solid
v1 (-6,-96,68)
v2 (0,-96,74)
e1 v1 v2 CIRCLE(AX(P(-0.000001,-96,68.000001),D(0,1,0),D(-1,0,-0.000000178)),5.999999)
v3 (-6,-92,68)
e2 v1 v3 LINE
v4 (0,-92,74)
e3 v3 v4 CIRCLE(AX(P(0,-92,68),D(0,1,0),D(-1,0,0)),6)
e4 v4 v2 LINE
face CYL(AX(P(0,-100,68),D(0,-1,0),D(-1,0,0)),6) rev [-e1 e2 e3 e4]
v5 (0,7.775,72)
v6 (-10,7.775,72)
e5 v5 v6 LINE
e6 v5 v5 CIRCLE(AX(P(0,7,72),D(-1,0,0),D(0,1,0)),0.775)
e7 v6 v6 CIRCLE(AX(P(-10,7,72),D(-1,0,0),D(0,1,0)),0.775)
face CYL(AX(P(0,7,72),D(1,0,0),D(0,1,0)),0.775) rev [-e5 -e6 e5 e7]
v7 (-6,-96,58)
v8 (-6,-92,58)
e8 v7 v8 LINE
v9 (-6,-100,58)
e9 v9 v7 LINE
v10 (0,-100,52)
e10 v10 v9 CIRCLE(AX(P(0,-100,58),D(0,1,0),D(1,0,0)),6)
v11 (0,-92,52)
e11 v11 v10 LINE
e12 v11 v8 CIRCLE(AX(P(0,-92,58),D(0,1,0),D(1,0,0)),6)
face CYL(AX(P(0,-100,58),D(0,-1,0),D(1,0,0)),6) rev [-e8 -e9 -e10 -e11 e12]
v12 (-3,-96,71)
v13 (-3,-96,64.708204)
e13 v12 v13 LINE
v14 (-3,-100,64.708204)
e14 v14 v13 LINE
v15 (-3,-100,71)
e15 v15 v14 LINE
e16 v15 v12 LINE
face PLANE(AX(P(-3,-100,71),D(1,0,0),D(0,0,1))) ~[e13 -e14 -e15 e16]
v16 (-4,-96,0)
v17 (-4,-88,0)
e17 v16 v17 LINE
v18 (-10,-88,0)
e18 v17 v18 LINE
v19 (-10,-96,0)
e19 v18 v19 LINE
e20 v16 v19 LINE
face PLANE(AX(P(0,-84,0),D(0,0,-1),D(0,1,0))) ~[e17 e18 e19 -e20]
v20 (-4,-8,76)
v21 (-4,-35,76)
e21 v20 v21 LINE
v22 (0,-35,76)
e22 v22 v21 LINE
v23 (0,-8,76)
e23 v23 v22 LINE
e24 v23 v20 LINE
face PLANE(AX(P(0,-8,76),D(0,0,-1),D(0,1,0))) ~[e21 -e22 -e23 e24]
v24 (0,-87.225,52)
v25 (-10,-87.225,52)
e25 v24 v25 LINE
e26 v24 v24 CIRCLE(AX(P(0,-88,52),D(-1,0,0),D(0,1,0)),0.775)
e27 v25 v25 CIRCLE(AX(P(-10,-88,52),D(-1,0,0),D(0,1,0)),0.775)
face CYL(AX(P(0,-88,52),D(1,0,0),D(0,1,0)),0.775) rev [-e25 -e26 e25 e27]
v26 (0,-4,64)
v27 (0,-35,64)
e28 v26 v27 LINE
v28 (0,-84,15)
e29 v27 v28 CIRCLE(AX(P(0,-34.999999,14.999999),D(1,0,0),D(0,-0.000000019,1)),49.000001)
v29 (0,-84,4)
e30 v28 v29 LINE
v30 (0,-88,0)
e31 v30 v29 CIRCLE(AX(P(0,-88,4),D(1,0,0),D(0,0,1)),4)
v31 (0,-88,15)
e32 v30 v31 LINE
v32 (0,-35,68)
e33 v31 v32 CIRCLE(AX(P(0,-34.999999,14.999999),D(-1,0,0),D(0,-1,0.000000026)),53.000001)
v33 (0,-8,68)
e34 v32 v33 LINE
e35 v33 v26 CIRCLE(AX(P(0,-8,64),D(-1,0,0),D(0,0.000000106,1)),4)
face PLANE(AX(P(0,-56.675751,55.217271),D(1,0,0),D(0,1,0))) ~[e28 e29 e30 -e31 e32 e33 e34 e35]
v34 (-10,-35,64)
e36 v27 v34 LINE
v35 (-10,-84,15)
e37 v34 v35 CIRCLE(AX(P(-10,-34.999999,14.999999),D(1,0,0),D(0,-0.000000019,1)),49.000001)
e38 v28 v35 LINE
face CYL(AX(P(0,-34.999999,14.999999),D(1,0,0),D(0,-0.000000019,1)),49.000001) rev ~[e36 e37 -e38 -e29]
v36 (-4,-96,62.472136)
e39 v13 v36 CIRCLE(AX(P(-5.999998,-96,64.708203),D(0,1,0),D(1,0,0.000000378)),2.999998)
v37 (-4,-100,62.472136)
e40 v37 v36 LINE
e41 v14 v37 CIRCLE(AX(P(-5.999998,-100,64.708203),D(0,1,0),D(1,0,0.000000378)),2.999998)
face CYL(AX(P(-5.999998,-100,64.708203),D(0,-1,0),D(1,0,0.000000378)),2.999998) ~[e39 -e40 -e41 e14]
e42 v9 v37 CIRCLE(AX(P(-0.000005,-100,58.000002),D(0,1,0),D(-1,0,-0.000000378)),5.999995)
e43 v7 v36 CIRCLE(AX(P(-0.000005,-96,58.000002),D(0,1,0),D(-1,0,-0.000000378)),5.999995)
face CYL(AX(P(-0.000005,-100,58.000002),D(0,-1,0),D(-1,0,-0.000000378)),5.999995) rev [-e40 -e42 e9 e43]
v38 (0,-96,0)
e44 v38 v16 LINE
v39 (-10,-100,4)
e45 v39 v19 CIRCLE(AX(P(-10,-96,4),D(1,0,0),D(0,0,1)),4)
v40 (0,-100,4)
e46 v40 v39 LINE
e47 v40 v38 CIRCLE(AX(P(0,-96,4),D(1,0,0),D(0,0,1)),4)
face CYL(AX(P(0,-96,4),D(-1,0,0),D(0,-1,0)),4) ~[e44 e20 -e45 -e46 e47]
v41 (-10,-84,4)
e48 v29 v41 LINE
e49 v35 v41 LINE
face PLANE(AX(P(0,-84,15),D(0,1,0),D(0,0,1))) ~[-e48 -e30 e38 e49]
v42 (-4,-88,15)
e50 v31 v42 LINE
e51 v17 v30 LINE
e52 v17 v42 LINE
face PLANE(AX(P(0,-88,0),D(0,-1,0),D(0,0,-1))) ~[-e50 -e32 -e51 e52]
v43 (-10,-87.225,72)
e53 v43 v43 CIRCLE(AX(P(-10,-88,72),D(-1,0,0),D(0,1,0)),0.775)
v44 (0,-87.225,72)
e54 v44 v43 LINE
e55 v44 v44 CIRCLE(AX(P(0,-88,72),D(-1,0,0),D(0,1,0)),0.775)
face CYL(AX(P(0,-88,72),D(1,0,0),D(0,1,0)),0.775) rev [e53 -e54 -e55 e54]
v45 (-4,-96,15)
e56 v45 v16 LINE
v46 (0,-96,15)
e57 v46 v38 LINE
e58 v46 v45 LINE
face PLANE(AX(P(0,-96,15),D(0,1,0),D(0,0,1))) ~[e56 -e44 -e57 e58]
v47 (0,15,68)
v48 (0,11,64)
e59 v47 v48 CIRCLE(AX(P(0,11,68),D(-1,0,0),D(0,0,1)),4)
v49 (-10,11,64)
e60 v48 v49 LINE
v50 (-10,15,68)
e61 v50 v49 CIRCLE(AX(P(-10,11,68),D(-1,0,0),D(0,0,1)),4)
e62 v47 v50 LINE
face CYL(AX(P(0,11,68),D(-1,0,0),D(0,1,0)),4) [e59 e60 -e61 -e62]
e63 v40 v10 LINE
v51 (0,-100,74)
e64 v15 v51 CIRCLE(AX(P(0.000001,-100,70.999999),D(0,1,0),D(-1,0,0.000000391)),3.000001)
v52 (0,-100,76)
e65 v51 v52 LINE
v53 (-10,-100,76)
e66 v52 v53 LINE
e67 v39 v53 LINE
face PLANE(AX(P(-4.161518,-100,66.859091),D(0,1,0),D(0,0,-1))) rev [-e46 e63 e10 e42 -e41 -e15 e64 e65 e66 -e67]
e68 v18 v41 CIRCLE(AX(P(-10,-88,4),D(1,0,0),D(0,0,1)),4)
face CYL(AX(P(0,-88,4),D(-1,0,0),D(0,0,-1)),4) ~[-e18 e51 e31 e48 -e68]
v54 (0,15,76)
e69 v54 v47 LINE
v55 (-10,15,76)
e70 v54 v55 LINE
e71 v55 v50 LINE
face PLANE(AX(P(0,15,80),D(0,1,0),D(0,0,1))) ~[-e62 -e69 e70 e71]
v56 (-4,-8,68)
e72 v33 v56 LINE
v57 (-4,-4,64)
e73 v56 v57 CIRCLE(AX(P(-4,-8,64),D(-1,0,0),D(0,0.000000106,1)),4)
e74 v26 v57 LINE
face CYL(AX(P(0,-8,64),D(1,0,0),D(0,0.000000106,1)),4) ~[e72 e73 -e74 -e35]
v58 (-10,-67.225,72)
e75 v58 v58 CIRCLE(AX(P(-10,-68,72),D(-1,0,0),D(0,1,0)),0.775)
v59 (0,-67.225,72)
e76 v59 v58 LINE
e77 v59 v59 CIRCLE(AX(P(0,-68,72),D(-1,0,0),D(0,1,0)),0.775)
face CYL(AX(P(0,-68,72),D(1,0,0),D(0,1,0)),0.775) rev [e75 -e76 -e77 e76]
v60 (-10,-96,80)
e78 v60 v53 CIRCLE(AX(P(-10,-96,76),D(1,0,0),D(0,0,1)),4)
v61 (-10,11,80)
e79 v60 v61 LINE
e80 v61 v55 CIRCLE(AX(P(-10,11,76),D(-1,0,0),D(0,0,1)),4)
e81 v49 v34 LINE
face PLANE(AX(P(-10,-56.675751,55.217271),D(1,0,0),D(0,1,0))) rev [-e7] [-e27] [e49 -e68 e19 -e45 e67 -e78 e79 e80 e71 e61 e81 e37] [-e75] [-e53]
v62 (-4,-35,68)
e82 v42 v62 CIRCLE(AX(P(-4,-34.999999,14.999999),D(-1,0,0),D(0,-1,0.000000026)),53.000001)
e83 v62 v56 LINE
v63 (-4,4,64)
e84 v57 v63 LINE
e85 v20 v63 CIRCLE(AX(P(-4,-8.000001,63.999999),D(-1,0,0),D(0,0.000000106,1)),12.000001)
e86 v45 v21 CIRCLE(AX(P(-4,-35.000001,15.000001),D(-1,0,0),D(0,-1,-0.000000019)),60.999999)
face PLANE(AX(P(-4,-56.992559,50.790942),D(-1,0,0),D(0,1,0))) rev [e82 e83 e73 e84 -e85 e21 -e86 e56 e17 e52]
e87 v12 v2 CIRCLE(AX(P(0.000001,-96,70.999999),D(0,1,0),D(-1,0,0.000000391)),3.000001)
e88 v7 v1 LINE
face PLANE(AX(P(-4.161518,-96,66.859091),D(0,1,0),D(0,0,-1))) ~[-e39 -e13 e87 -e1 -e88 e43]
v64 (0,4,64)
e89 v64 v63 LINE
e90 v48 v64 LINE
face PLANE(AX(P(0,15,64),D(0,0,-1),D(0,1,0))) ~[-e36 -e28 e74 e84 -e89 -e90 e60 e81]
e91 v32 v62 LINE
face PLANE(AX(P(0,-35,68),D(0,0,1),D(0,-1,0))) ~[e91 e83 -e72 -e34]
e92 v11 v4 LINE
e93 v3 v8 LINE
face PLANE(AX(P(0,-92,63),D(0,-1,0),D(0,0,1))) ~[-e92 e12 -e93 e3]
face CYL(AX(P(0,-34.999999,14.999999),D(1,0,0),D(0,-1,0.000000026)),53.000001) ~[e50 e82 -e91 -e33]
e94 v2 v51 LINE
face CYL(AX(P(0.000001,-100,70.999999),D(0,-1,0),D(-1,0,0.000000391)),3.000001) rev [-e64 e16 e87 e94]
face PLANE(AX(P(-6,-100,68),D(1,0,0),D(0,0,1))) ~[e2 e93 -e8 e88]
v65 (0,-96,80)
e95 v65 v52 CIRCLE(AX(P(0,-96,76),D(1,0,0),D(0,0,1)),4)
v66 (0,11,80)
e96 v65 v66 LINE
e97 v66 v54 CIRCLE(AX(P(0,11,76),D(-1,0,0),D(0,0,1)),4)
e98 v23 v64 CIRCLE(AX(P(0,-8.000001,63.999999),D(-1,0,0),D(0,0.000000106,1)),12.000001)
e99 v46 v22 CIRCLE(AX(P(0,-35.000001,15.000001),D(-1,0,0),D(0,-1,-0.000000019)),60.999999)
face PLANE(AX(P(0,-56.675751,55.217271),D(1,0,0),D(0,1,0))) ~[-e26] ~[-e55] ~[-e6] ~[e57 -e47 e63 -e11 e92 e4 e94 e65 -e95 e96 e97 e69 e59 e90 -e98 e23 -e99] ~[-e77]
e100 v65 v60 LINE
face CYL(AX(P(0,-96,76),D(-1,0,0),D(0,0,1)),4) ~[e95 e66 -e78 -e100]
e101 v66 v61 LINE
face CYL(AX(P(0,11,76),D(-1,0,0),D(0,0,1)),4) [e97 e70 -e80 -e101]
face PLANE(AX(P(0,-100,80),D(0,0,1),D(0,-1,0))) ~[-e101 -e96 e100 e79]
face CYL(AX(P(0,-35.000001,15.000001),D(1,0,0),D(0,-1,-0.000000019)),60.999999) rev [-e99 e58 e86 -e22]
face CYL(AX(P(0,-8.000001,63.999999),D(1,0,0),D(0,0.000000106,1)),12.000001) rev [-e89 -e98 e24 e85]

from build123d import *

# Parameters (mm, degrees)
PAD003_DEPTH    = 10
POCKET003_DEPTH = 4
SKETCH008_R     = 0.775
POCKET004_DEPTH = 10.001
FILLET_R        = 4
POCKET005_DEPTH = 8
PAD004_DEPTH    = 4


with BuildPart() as wall_mount_left001:
    # Sketch006 → Pad003 (new body)
    with BuildSketch(Plane.YZ):
        with BuildLine():
            Line((-100, 80), (15, 80))
            Line((15, 80), (15, 64))
            Line((15, 64), (-35, 64))
            ThreePointArc((-35, 64), (-69.648232, 49.648232), (-84, 15))
            Line((-84, 15), (-84, 0))
            Line((-84, 0), (-100, 0))
            Line((-100, 0), (-100, 80))
        make_face()
    extrude(amount=PAD003_DEPTH)

    # Sketch007 (on Face8 of Pad003) → Pocket003 (cut)
    with BuildSketch(Plane(origin=(0, 0, 0), x_dir=(0, 1, 0), z_dir=(-1, 0, 0))):
        with BuildLine():
            Line((-88, 0), (-88, -15))
            ThreePointArc((-88, -15), (-72.476659, -52.476659), (-35, -68))
            Line((-35, -68), (-8, -68))
            ThreePointArc((-8, -68), (-5.171573, -66.828427), (-4, -64))
            Line((-4, -64), (4, -64))
            ThreePointArc((-8, -76), (0.485281, -72.485281), (4, -64))
            Line((-8, -76), (-35, -76))
            ThreePointArc((-96, -15), (-78.133514, -58.133514), (-35, -76))
            Line((-96, -15), (-96, 0))
            Line((-96, 0), (-88, 0))
        make_face()
    extrude(amount=-POCKET003_DEPTH, mode=Mode.SUBTRACT)

    # Sketch008 (on Face4 of Pocket003) → Pocket004 (cut, through all)
    with BuildSketch(Plane(origin=(0, 0, 0), x_dir=(0, 1, 0), z_dir=(-1, 0, 0))):
        with Locations((-88, -52)):
            Circle(SKETCH008_R)
        with Locations((-68, -72)):
            Circle(SKETCH008_R)
        with Locations((-88, -72)):
            Circle(SKETCH008_R)
        with Locations((7, -72)):
            Circle(SKETCH008_R)
    extrude(amount=-POCKET004_DEPTH, mode=Mode.SUBTRACT)

    # Fillet
    fillet_edges = [wall_mount_left001.edges().sort_by_distance(p)[0] for p in [
        (5, 15, 64),
        (5, 15, 80),
        (5, -100, 80),
        (5, -100, 0),
        (5, -84, 0),
    ]]
    fillet(fillet_edges, radius=FILLET_R)

    # Sketch009 (on Face6 of Fillet) → Pocket005 (cut)
    with BuildSketch(Plane(origin=(0, -100, 0), x_dir=(0, 0, -1), z_dir=(0, -1, 0))):
        with BuildLine():
            ThreePointArc((-68, 6), (-74, 0), (-68, -6))
            Line((-68, -6), (-58, -6))
            ThreePointArc((-58, -6), (-52, 0), (-58, 6))
            Line((-68, 6), (-58, 6))
        make_face()
    extrude(amount=-POCKET005_DEPTH, mode=Mode.SUBTRACT)

    # Sketch010 (on Face14 of Pocket005) → Pad004 (join)
    with BuildSketch(Plane(origin=(0, -100, 0), x_dir=(0, 0, -1), z_dir=(0, -1, 0))):
        with BuildLine():
            ThreePointArc((-71, 3), (-73.12132, 2.12132), (-74, 0))
            ThreePointArc((-68, 6), (-72.242641, 4.242641), (-74, 0))
            Line((-58, 6), (-68, 6))
            ThreePointArc((-58, 6), (-60.44949, 5.477226), (-62.472136, 4))
            ThreePointArc((-64.708204, 3), (-63.483459, 3.261387), (-62.472136, 4))
            Line((-71, 3), (-64.708204, 3))
        make_face()
    extrude(amount=-PAD004_DEPTH)


with BuildPart() as wall_mount_right_mirrored:
    # Mirror: instance of Wall_mount_left001
    add(wall_mount_left001.part.mirror(Plane(origin=(0, 0, 0), x_dir=(0, 1, 0), z_dir=(-1, 0, 0))))


solid = wall_mount_right_mirrored.part
